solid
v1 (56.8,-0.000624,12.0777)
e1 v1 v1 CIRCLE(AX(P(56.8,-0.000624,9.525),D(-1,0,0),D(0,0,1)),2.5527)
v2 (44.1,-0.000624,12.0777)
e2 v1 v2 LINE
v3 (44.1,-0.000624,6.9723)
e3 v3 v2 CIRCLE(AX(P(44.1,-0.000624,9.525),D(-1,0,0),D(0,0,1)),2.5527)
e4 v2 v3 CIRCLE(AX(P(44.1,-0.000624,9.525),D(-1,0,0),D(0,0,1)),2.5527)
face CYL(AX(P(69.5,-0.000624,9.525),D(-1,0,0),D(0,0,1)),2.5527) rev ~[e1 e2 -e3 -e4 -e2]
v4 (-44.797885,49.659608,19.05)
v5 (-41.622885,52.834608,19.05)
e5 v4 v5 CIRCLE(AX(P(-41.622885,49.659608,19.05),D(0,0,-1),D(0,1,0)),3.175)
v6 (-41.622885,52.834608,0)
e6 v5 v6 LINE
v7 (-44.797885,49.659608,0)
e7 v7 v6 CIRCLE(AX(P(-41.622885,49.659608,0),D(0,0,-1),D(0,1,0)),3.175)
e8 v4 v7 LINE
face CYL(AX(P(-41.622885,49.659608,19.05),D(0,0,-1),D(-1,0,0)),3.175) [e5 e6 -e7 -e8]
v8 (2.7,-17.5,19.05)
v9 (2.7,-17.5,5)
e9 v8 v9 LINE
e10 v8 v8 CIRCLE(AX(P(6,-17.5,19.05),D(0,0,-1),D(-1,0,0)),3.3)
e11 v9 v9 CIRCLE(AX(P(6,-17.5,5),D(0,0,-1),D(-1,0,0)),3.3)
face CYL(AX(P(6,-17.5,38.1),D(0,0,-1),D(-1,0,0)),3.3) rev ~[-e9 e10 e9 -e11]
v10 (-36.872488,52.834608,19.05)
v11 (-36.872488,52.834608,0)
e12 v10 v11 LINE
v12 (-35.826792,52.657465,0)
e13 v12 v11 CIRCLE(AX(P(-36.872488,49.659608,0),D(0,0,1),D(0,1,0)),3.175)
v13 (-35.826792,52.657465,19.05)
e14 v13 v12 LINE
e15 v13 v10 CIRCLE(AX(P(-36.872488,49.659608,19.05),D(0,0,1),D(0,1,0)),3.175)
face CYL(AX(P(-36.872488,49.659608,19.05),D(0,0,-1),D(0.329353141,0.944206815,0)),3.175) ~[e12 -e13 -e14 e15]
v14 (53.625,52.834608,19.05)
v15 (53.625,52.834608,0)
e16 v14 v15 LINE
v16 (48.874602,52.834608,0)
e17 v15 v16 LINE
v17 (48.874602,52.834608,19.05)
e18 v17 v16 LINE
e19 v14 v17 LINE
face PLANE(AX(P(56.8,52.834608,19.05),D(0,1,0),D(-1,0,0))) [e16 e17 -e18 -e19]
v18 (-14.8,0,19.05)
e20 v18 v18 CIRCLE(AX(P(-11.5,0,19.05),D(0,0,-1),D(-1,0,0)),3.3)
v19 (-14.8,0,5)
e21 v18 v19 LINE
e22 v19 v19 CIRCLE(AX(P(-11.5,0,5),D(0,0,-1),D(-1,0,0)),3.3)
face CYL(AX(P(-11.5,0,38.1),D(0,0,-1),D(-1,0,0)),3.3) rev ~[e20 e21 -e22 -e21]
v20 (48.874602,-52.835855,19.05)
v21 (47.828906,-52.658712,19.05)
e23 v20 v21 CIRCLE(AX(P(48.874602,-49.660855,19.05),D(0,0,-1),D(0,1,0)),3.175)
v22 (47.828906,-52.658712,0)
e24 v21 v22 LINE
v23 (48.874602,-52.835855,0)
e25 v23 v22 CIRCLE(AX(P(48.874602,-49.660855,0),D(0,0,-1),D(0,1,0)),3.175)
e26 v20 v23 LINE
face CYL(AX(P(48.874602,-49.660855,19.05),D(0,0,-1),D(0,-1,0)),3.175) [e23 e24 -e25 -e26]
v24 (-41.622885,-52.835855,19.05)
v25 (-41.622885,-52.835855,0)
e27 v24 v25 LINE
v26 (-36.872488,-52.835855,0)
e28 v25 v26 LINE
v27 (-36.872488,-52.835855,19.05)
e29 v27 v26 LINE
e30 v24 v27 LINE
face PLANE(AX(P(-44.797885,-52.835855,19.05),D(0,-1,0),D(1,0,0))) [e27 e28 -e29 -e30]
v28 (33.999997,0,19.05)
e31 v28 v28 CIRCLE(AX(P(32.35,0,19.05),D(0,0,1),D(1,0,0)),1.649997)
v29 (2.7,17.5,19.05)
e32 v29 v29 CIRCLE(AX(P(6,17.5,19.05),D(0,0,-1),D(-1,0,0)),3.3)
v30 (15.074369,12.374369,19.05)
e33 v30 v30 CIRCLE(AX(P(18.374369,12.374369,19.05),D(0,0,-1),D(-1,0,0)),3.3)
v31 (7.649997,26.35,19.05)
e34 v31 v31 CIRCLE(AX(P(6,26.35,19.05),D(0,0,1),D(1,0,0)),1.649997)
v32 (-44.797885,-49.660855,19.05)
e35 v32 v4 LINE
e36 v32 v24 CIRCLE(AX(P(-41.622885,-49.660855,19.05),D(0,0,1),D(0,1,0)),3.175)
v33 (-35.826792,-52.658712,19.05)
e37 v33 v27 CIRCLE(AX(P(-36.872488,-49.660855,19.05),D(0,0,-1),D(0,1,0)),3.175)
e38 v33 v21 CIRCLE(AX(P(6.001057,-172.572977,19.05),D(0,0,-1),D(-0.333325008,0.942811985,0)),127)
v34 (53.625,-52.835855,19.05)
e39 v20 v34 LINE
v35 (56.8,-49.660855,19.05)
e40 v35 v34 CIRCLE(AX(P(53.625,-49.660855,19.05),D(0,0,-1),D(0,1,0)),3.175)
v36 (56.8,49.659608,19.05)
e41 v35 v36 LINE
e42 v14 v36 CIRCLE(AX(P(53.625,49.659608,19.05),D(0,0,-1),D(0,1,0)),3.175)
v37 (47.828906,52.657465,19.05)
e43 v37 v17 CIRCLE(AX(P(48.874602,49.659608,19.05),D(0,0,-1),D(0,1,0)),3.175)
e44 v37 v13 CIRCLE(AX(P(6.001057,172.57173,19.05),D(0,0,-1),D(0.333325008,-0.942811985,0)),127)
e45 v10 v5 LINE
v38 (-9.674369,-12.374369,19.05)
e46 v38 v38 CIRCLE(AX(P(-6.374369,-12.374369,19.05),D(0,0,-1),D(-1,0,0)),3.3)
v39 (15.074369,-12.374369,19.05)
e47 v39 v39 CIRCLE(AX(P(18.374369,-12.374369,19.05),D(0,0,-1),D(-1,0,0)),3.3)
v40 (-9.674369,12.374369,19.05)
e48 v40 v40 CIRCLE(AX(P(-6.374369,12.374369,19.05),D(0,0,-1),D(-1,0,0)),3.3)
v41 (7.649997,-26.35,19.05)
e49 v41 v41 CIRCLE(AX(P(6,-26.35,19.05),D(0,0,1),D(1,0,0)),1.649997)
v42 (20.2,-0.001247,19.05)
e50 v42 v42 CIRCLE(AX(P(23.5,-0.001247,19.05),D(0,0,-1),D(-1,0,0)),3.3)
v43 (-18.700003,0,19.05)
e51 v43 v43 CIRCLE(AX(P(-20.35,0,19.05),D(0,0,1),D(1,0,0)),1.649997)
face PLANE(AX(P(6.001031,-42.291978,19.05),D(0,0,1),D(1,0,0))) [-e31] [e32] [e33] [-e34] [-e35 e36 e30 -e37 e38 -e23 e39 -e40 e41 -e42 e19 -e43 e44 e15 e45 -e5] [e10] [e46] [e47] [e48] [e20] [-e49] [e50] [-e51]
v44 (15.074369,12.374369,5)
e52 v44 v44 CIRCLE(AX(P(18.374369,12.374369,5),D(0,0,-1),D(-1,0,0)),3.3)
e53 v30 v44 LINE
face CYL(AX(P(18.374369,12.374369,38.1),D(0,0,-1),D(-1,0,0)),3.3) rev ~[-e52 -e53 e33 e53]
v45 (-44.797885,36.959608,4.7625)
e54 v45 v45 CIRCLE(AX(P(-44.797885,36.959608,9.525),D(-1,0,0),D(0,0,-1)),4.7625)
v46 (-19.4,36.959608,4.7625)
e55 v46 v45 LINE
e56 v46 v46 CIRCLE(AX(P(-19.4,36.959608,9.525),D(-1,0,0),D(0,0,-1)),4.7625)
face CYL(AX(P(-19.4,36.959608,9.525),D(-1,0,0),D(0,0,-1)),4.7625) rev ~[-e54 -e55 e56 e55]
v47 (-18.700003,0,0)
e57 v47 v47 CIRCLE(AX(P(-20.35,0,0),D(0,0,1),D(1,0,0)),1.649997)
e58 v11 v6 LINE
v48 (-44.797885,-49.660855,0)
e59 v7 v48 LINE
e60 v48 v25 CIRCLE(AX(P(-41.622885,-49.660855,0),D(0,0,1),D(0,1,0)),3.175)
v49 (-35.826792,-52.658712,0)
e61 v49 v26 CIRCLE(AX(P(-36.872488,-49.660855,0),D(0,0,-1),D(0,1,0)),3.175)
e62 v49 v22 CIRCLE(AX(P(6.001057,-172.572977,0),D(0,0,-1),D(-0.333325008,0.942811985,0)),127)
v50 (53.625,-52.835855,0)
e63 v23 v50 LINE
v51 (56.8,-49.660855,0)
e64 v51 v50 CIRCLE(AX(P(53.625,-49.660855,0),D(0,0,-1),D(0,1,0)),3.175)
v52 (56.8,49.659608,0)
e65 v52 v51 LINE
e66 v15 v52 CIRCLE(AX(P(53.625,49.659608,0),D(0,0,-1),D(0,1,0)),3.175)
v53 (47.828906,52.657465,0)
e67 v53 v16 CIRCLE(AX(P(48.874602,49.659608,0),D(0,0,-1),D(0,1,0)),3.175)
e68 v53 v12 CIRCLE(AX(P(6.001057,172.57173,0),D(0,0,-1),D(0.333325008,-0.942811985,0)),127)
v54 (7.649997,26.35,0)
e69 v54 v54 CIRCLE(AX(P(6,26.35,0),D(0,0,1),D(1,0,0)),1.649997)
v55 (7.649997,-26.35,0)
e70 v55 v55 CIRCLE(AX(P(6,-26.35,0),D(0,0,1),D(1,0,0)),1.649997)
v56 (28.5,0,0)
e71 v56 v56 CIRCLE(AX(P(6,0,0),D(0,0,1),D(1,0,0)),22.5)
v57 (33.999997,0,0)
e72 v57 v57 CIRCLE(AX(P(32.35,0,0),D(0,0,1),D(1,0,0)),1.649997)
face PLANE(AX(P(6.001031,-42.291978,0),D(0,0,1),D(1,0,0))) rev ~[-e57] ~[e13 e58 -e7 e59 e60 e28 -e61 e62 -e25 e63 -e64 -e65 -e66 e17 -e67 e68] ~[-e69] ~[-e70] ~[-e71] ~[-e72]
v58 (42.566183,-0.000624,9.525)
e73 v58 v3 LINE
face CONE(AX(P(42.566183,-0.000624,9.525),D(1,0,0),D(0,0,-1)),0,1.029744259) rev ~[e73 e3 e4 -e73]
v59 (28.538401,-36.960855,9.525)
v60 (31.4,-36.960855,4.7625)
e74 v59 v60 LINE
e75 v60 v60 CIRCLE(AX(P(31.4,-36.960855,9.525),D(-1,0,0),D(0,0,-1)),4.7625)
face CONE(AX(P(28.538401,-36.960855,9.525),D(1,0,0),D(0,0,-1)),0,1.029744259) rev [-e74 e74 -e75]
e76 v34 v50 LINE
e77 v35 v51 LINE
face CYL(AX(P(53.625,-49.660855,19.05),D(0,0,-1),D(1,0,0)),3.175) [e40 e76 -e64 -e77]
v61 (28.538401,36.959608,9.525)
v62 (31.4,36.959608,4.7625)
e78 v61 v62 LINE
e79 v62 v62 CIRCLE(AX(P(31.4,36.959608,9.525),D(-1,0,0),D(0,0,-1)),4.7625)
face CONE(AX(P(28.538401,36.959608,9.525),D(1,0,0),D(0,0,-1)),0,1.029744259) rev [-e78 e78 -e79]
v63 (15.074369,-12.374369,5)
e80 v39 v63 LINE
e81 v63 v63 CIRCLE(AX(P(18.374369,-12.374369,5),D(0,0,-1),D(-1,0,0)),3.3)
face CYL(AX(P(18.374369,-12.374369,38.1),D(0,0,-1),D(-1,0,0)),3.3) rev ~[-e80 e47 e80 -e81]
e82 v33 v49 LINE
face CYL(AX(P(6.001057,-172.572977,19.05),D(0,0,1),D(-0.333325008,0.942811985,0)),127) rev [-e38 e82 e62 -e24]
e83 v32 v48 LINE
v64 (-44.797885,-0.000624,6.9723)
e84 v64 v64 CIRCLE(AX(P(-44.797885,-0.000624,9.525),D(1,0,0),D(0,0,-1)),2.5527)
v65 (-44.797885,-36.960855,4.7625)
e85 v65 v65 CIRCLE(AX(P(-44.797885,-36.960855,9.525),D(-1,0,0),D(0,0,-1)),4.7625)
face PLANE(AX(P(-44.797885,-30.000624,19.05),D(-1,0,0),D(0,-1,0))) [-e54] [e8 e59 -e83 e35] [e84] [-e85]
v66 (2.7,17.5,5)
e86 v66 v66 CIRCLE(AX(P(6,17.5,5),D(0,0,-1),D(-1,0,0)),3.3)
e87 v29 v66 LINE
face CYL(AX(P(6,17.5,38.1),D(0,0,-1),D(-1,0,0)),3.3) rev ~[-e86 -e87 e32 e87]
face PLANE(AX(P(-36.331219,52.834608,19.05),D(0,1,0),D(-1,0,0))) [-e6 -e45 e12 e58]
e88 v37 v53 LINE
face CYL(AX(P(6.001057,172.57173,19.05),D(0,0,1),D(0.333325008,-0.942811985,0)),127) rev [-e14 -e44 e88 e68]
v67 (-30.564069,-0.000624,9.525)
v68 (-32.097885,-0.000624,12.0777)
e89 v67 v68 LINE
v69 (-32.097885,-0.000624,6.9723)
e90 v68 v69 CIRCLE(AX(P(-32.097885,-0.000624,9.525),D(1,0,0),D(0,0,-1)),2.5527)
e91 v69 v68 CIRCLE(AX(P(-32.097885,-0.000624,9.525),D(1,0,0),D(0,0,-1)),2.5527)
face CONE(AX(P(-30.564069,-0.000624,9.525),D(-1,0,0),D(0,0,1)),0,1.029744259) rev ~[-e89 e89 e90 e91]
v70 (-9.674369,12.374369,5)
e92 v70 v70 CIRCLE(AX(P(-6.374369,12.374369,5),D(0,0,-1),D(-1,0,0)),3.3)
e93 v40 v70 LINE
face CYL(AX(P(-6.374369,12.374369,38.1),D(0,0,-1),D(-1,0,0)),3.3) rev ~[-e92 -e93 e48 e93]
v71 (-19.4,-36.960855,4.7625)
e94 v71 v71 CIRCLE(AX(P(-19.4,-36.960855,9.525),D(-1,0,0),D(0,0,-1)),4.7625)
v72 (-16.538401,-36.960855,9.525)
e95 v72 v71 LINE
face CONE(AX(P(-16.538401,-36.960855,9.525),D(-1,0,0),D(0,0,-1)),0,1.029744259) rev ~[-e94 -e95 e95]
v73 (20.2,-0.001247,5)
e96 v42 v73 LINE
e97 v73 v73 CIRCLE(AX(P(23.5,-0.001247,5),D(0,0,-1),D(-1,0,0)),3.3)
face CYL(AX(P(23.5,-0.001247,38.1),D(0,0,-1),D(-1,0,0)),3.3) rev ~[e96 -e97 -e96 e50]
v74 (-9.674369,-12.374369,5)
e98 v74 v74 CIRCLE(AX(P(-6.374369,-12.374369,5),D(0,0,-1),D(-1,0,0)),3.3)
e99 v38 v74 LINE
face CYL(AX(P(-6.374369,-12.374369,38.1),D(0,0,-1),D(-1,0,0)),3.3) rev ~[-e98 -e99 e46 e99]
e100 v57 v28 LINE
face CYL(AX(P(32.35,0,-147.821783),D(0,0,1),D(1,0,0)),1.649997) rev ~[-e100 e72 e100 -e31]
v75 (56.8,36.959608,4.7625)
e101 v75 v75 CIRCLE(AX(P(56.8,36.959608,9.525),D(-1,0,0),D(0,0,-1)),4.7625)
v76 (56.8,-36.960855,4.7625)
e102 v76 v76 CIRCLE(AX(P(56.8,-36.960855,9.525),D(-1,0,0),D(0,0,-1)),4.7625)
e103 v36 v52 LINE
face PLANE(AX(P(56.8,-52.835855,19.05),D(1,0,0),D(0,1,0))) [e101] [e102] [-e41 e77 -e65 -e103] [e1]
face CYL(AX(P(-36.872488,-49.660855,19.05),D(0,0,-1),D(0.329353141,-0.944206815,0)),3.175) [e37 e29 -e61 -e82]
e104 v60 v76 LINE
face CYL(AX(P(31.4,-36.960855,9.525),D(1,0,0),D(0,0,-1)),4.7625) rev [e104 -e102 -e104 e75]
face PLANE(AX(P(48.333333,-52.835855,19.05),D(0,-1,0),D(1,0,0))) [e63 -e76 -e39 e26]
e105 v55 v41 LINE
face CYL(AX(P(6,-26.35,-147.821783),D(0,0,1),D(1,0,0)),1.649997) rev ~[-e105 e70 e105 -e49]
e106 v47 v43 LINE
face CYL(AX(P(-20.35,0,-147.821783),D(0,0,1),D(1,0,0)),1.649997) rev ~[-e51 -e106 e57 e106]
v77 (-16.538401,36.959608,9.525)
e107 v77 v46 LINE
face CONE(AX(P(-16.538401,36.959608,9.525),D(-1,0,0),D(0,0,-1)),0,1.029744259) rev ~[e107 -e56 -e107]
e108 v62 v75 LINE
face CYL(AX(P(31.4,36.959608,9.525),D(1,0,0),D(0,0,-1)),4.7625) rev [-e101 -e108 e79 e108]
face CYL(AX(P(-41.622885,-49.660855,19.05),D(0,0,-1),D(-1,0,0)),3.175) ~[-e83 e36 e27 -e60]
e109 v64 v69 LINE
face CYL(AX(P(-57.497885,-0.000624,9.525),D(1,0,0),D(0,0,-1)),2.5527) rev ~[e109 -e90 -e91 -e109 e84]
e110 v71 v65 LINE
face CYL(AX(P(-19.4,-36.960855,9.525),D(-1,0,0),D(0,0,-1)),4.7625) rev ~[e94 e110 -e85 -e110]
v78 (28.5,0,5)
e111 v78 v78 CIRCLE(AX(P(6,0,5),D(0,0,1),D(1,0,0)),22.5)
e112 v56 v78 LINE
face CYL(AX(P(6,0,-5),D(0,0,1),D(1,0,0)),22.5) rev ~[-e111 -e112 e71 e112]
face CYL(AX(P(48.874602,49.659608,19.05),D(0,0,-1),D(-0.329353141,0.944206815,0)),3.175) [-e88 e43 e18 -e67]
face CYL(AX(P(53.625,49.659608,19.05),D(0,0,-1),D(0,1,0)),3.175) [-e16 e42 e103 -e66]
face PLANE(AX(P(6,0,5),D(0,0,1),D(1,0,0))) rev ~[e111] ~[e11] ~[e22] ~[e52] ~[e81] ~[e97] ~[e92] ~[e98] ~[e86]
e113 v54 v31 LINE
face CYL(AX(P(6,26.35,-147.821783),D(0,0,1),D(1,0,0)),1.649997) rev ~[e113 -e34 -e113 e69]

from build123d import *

# Parameters (mm, degrees)
BOSS_EXTRUDE1_DEPTH                 = 19.05
F_1_3_4_CLEARANCE_HOLE1_D           = 45
F_1_3_4_CLEARANCE_HOLE1_DEPTH       = 5
F_1_4_CLEARANCE_HOLE3_D             = 6.6
F_1_4_CLEARANCE_HOLE3_DEPTH         = 19.05
BOSS_EXTRUDE2_DEPTH                 = 19.05
SKETCH21_R                          = 30
CUT_EXTRUDE1_DEPTH                  = 20.05
BOSS_EXTRUDE5_DEPTH                 = 19.05
BOSS_EXTRUDE6_DEPTH                 = 19.05
FILLET2_R                           = 13
SKETCH29_W                          = 12.7
SKETCH29_H                          = 60
BOSS_EXTRUDE7_DEPTH                 = 19.05
BOSS_EXTRUDE8_DEPTH                 = 19.05
FILLET3_R                           = 3.175
F_3_8_0_3750_DOWEL_HOLE1_AT_2_COUNT = 2
F_3_8_0_3750_DOWEL_HOLE1_AT_2_PITCH = 73.92046334
F_4_CLEARANCE_HOLE2_D               = 3.2999934
TAP_DRILL_FOR_1_4_20_TAP1_D         = 5.1054
TAP_DRILL_FOR_1_4_20_TAP1_DEPTH     = 12.7
TAP_DRILL_FOR_1_4_20_TAP1_TIP       = 1.533816902
TAP_DRILL_FOR_1_4_20_TAP2_D         = 5.1054
TAP_DRILL_FOR_1_4_20_TAP2_DEPTH     = 12.7
TAP_DRILL_FOR_1_4_20_TAP2_TIP       = 1.533816902


with BuildPart() as part:
    # Sketch1 → Boss-Extrude1 (new body)
    with BuildSketch(Plane(origin=(0, 0, 0), x_dir=(-1, 0, 0), z_dir=(0, 0, -1))):
        with BuildLine():
            Line((44.45, 0), (44.45, 60))
            Line((44.45, 60), (-44.45, 60))
            Line((-44.45, 60), (-44.45, 0))
            ThreePointArc((-44.45, 0), (0, -44.45), (44.45, 0))
        make_face()
    extrude(amount=-BOSS_EXTRUDE1_DEPTH)

    # 1-3/4 Clearance Hole1
    with Locations(Plane(origin=(0, 0, 0), x_dir=(-1, 0, 0), z_dir=(0, 0, -1))):
        with Locations((-6, 0)):
            Hole(F_1_3_4_CLEARANCE_HOLE1_D / 2, depth=F_1_3_4_CLEARANCE_HOLE1_DEPTH)

    # 1/4 Clearance Hole3
    with Locations(Plane.XY.offset(19.05)):
        with Locations((18.374368671, 12.374368671), (23.499999956, -0.001247108), (18.374368671, -12.374368671), (6, -17.5), (-6.374368671, -12.374368671), (-11.5, 0), (-6.374368671, 12.374368671), (6, 17.5)):
            Hole(F_1_4_CLEARANCE_HOLE3_D / 2, depth=F_1_4_CLEARANCE_HOLE3_DEPTH)

    # Sketch18 → Boss-Extrude2 (add)
    with BuildSketch(Plane(origin=(0, 0, 0), x_dir=(-1, 0, 0), z_dir=(0, 0, -1))):
        with BuildLine():
            Line((-44.45, 0), (-50.45, 0))
            ThreePointArc((-50.45, 0), (-37.430896424, -31.430896424), (-6, -44.45))
            Line((-6, -44.45), (0, -44.45))
            ThreePointArc((0, -44.45), (-31.430896424, -31.430896424), (-44.45, 0))
        make_face()
    extrude(amount=-BOSS_EXTRUDE2_DEPTH)

    # Sketch21 → Cut-Extrude1 (cut, through all)
    with BuildSketch(Plane.XY.offset(19.05)):
        with BuildLine():
            Line((-44.45, 60), (-44.45, 0))
            ThreePointArc((-44.45, 0), (-31.430896424, -31.430896424), (0, -44.45))
            Line((0, -44.45), (6, -44.45))
            ThreePointArc((6, -44.45), (37.430896424, -31.430896424), (50.45, 0))
            Line((50.45, 0), (44.45, 0))
            Line((44.45, 0), (44.45, 60))
            Line((44.45, 60), (-44.45, 60))
        make_face()
        with Locations((5.999999978, -0.000623554)):
            Circle(SKETCH21_R, mode=Mode.SUBTRACT)
    extrude(amount=-CUT_EXTRUDE1_DEPTH, mode=Mode.SUBTRACT)

    # Sketch22 → Boss-Extrude5 (add)
    with BuildSketch(Plane.XY.offset(19.05)):
        with BuildLine():
            Line((44.099999978, -30.000623554), (44.099999978, 29.999376446))
            Line((44.099999978, 29.999376446), (5.999999978, 29.999376446))
            ThreePointArc((5.999999978, 29.999376446), (35.999999978, -0.000623554), (5.999999978, -30.000623554))
            Line((5.999999978, -30.000623554), (44.099999978, -30.000623554))
        make_face()
    boss_extrude5 = extrude(amount=-BOSS_EXTRUDE5_DEPTH)

    # Mirror1: Boss-Extrude5 across plane
    add(boss_extrude5.mirror(Plane(origin=(5.999999978, 0, 0), x_dir=(0, 0, 1), z_dir=(1, 0, 0))))

    # Sketch28 → Boss-Extrude6 (add)
    with BuildSketch(Plane.XY.offset(19.05)):
        with BuildLine():
            Line((-26.798858004, 29.999376446), (38.798858004, 29.999376446))
            ThreePointArc((38.798858004, 29.999376446), (6, 44.448752892), (-26.798858004, 29.999376446))
        make_face()
        with BuildLine():
            ThreePointArc((-26.798858004, -30.000623554), (6, -44.45), (38.798858004, -30.000623554))
            Line((38.798858004, -30.000623554), (-26.798858004, -30.000623554))
        make_face()
    extrude(amount=-BOSS_EXTRUDE6_DEPTH)

    # Fillet2
    fillet2_edges = [part.edges().sort_by_distance(p)[0] for p in [
        (-26.798858004, 29.999376446, 9.525),
        (38.798858004, 29.999376446, 9.525),
        (38.798858004, -30.000623554, 9.525),
        (-26.798858004, -30.000623554, 9.525),
    ]]
    fillet(fillet2_edges, radius=FILLET2_R)

    # Sketch29 → Boss-Extrude7 (add)
    with BuildSketch(Plane.XY):
        with Locations((50.449999978, -0.000623554)):
            Rectangle(SKETCH29_W, SKETCH29_H)
        with Locations((-38.447885426, -0.000623554)):
            Rectangle(SKETCH29_W, SKETCH29_H)
    extrude(amount=BOSS_EXTRUDE7_DEPTH)

    # Sketch40 → Boss-Extrude8 (add)
    with BuildSketch(Plane.XY.offset(19.05)):
        with BuildLine():
            Line((56.799999978, -30.000623554), (44.097885426, -30.000623554))
            ThreePointArc((44.097885426, -30.000623554), (39.487811488, -30.845492198), (35.476953998, -33.27028228))
            ThreePointArc((35.476953998, -33.27028228), (6, -44.45), (-23.476953998, -33.27028228))
            ThreePointArc((-23.476953998, -33.27028228), (-27.487811488, -30.845492198), (-32.097885426, -30.000623554))
            Line((-32.097885426, -30.000623554), (-44.797885426, -30.000623554))
            Line((-44.797885426, -30.000623554), (-44.797885426, -52.835855224))
            Line((-44.797885426, -52.835855224), (-36.33121876, -52.835855224))
            ThreePointArc((-36.33121876, -52.835855224), (6.001057276, -45.572977311), (48.333333311, -52.835855224))
            Line((48.333333311, -52.835855224), (56.799999978, -52.835855224))
            Line((56.799999978, -52.835855224), (56.799999978, -30.000623554))
        make_face()
        with BuildLine():
            Line((-36.33121876, 52.834608116), (-44.797885426, 52.834608116))
            Line((-44.797885426, 52.834608116), (-44.797885426, 29.999376446))
            Line((-44.797885426, 29.999376446), (-32.097885426, 29.999376446))
            ThreePointArc((-32.097885426, 29.999376446), (-27.487811488, 30.84424509), (-23.476953998, 33.269035172))
            ThreePointArc((-23.476953998, 33.269035172), (6, 44.448752892), (35.476953998, 33.269035172))
            ThreePointArc((35.476953998, 33.269035172), (39.487811488, 30.84424509), (44.097885426, 29.999376446))
            Line((44.097885426, 29.999376446), (56.799999978, 29.999376446))
            Line((56.799999978, 29.999376446), (56.799999978, 52.834608116))
            Line((56.799999978, 52.834608116), (48.333333311, 52.834608116))
            ThreePointArc((48.333333311, 52.834608116), (6.001057276, 45.571730203), (-36.33121876, 52.834608116))
        make_face()
    extrude(amount=-BOSS_EXTRUDE8_DEPTH)

    # Fillet3
    fillet3_edges = [part.edges().sort_by_distance(p)[0] for p in [
        (-44.797885426, -52.835855224, 9.525),
        (-36.33121876, -52.835855224, 9.525),
        (48.333333311, -52.835855224, 9.525),
        (56.799999978, -52.835855224, 9.525),
        (56.799999978, 52.834608116, 9.525),
        (48.333333311, 52.834608116, 9.525),
        (-36.33121876, 52.834608116, 9.525),
        (-44.797885426, 52.834608116, 9.525),
    ]]
    fillet(fillet3_edges, radius=FILLET3_R)

    # Sketch49 → 3/8 (0.3750) Dowel Hole1 (revolve, cut)
    with BuildSketch(Plane(origin=(56.799999978, -36.960855224, 9.525), x_dir=(0, 0, -1), z_dir=(0, 1, 0))):
        Polygon((0, 0), (0, 28.261598698), (4.7625, 25.4), (4.7625, 0), align=None)
    f_3_8_0_3750_dowel_hole1 = revolve(axis=Axis((63.149999978, -36.960855224, 9.525), (-1, 0, 0)), mode=Mode.SUBTRACT)

    # 3/8 (0.3750) Dowel Hole1 at 2: 3/8 (0.3750) Dowel Hole1 ×2
    with Locations(*[(0, i * F_3_8_0_3750_DOWEL_HOLE1_AT_2_PITCH, 0) for i in range(1, F_3_8_0_3750_DOWEL_HOLE1_AT_2_COUNT)]):
        add(f_3_8_0_3750_dowel_hole1, mode=Mode.SUBTRACT)

    # Mirror6: 3/8 (0.3750) Dowel Hole1 across plane
    add(f_3_8_0_3750_dowel_hole1.mirror(Plane(origin=(5.999999978, 0, 0), x_dir=(0, 0, 1), z_dir=(1, 0, 0))), mode=Mode.SUBTRACT)

    # Mirror6 copy 1 sketch → Mirror6 copy 1 (revolve, cut)
    with BuildSketch(Plane(origin=(-44.800000022, 36.959608116, 9.525), x_dir=(0, 0, -1), z_dir=(0, 1, 0))):
        Polygon((0, 0), (0, -28.261598698), (4.7625, -25.4), (4.7625, 0), align=None)
    revolve(axis=Axis((-51.150000022, 36.959608116, 9.525), (-1, 0, 0)), mode=Mode.SUBTRACT)

    # #4 Clearance Hole2 (through all)
    with Locations(Plane(origin=(0, 0, 0), x_dir=(-1, 0, 0), z_dir=(0, 0, -1))):
        with Locations((-6, -26.35), (20.35, 0), (-6, 26.35), (-32.35, 0)):
            Hole(F_4_CLEARANCE_HOLE2_D / 2)

    # Tap Drill for 1/4-20 Tap1
    with Locations(Plane.ZY.offset(44.797885426)):
        with Locations((9.525, -0.000623554)):
            Hole(TAP_DRILL_FOR_1_4_20_TAP1_D / 2, depth=TAP_DRILL_FOR_1_4_20_TAP1_DEPTH)
            with Locations((0, 0, -(TAP_DRILL_FOR_1_4_20_TAP1_DEPTH + TAP_DRILL_FOR_1_4_20_TAP1_TIP / 2))):  # 118° drill point
                Cone(0, TAP_DRILL_FOR_1_4_20_TAP1_D / 2, TAP_DRILL_FOR_1_4_20_TAP1_TIP, mode=Mode.SUBTRACT)

    # Tap Drill for 1/4-20 Tap2
    with Locations(Plane(origin=(56.799999978, 0, 0), x_dir=(0, 0, -1), z_dir=(1, 0, 0))):
        with Locations((-9.525, -0.000623554)):
            Hole(TAP_DRILL_FOR_1_4_20_TAP2_D / 2, depth=TAP_DRILL_FOR_1_4_20_TAP2_DEPTH)
            with Locations((0, 0, -(TAP_DRILL_FOR_1_4_20_TAP2_DEPTH + TAP_DRILL_FOR_1_4_20_TAP2_TIP / 2))):  # 118° drill point
                Cone(0, TAP_DRILL_FOR_1_4_20_TAP2_D / 2, TAP_DRILL_FOR_1_4_20_TAP2_TIP, mode=Mode.SUBTRACT)


solid = part.part
